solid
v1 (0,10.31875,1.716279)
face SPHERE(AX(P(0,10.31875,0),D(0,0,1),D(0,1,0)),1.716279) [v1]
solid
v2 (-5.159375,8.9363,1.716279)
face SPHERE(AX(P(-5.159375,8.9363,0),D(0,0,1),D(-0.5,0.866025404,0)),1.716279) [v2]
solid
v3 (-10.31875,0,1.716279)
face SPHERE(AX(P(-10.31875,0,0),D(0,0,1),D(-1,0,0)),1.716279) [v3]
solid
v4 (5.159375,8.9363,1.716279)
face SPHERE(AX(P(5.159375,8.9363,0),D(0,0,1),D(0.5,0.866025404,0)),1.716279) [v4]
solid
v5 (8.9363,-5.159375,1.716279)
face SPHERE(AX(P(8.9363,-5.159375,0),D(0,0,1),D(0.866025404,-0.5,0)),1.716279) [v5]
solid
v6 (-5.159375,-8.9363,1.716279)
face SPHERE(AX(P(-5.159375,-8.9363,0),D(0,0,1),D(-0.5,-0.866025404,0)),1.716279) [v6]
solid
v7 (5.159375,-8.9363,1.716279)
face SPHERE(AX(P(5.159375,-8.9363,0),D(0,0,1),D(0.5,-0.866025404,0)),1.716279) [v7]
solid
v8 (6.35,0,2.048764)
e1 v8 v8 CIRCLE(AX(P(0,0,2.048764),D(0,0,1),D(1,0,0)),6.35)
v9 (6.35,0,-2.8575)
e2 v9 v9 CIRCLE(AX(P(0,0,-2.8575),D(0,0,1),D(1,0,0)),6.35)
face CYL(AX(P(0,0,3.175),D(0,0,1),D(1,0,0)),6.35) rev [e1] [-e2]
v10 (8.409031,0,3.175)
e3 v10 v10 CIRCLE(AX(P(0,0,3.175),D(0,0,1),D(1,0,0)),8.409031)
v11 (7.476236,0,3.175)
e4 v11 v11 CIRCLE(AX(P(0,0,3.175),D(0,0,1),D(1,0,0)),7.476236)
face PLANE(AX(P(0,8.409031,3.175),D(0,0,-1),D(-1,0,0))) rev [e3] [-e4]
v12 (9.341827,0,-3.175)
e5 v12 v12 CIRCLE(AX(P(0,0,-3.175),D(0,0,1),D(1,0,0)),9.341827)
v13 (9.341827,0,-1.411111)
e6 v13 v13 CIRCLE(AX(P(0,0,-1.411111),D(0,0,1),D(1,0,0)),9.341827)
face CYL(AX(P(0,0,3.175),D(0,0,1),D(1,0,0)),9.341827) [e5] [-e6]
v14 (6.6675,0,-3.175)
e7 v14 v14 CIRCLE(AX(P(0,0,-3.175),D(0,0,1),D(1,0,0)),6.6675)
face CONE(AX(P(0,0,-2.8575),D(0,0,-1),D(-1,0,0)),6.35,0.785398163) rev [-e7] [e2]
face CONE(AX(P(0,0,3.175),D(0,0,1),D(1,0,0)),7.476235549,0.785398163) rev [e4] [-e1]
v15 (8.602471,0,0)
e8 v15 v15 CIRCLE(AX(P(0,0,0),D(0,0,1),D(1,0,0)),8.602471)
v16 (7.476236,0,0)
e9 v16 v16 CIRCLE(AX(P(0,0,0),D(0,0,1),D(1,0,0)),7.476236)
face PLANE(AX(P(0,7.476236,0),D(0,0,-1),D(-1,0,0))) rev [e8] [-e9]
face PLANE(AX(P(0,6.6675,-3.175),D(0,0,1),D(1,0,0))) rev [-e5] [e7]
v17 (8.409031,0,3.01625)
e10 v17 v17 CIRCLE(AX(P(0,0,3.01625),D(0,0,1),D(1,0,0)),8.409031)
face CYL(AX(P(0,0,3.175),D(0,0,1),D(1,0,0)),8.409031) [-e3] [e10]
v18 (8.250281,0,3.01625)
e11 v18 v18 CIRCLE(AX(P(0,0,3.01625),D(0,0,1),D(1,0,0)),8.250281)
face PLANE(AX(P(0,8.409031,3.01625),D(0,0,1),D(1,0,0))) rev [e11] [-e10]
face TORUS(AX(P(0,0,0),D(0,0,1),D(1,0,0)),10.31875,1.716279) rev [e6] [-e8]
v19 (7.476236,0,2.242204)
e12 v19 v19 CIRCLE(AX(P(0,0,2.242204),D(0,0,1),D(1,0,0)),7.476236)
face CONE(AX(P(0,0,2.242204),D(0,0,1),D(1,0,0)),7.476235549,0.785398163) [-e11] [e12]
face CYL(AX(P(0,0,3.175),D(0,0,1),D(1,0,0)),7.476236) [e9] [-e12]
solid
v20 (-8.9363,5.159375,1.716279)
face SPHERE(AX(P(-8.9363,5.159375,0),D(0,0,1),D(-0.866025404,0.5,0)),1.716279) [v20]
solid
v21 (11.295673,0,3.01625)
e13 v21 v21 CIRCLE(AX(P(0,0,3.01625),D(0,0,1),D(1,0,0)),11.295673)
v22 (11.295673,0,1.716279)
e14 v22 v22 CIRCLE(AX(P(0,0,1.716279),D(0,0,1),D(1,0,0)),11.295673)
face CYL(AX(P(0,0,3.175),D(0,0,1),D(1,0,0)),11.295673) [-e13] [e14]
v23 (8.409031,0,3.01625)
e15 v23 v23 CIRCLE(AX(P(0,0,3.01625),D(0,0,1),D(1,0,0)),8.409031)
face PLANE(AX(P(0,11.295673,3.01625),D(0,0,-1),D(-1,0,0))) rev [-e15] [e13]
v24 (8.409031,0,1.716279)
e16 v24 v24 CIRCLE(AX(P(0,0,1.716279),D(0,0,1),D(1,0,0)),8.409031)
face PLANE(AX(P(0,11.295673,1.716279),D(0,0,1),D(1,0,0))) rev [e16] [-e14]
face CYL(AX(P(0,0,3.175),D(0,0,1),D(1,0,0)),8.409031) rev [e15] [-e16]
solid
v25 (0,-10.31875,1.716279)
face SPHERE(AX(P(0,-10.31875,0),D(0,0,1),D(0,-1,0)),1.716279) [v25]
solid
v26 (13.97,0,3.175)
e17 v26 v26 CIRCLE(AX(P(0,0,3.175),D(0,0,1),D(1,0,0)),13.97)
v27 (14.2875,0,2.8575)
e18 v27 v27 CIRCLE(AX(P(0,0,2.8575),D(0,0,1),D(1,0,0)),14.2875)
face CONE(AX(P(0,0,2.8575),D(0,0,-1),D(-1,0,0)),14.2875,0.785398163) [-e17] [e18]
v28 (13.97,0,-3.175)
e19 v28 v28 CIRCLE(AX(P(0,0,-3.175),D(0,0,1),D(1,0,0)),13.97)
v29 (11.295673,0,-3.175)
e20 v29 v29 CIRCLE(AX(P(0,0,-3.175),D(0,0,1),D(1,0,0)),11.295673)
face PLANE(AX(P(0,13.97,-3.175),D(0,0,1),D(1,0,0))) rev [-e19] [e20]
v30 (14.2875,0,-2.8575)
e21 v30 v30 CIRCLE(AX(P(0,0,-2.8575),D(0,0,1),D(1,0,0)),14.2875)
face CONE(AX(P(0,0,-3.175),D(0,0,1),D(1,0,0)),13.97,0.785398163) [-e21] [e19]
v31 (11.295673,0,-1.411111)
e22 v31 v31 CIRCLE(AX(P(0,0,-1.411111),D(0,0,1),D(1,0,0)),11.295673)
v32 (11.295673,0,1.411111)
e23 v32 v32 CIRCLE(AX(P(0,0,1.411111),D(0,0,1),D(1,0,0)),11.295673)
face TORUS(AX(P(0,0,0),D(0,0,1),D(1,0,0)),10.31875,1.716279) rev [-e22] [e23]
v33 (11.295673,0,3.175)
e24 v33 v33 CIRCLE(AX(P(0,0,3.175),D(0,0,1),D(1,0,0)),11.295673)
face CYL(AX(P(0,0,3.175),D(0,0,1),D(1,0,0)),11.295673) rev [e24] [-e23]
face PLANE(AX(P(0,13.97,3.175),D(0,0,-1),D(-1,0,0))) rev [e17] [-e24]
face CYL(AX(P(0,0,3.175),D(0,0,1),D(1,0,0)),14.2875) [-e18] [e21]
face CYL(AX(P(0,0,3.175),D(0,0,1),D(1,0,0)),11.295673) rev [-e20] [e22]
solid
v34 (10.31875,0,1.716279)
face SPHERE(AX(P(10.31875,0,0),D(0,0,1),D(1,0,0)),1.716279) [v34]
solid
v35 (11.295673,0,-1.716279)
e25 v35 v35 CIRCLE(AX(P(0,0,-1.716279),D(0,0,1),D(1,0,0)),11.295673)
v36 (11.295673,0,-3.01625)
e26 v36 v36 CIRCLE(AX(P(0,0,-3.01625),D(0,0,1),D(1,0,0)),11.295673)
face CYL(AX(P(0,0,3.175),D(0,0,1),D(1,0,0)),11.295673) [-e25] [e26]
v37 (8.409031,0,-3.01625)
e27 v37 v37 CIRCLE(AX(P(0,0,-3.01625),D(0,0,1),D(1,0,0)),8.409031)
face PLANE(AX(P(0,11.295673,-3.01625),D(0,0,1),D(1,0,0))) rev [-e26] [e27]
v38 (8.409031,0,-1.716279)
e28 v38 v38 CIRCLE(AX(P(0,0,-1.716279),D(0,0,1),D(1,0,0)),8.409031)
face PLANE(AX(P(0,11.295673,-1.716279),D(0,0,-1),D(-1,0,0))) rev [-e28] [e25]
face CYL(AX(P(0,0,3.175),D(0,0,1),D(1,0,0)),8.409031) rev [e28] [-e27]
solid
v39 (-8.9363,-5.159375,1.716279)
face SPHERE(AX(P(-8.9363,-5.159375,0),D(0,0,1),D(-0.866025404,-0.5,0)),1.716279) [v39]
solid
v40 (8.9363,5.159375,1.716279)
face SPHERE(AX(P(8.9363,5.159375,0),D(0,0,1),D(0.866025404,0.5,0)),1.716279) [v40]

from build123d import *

# Parameters (mm, degrees)
CIRPATTERN1_COUNT = 12
SKETCH5_W         = 1.299971099
SKETCH5_H         = 2.886641841


with BuildPart() as part:
    # Sketch1 → Revolve1 (revolve)
    with BuildSketch(Plane(origin=(0, 0, 0), x_dir=(0, 0, -1), z_dir=(1, 0, 0))):
        with BuildLine():
            Line((2.8575, 14.2875), (-2.8575, 14.2875))
            Line((-2.8575, 14.2875), (-3.175, 13.97))
            Line((-3.175, 13.97), (-3.175, 11.295673077))
            Line((-3.175, 11.295673077), (-1.411111111, 11.295673077))
            ThreePointArc((-1.411111111, 11.295673077), (0, 12.035028901), (1.411111111, 11.295673077))
            Line((1.411111111, 11.295673077), (3.175, 11.295673077))
            Line((3.175, 11.295673077), (3.175, 13.97))
            Line((3.175, 13.97), (2.8575, 14.2875))
        make_face()
    revolve(axis=Axis((0, 0, 3.175), (0, 0, -1)))


with BuildPart() as body_2:
    # Sketch3 → Revolve3 (revolve)
    with BuildSketch(Plane(origin=(0, 0, 0), x_dir=(0, 0, -1), z_dir=(1, 0, 0))):
        with BuildLine():
            Line((-3.01625, 8.250281236), (-2.242204313, 7.476235549))
            Line((-2.242204313, 7.476235549), (0, 7.476235549))
            Line((0, 7.476235549), (0, 8.602471099))
            ThreePointArc((0, 8.602471099), (0.796536503, 8.798505656), (1.411111111, 9.341826923))
            Line((1.411111111, 9.341826923), (3.175, 9.341826923))
            Line((3.175, 9.341826923), (3.175, 6.6675))
            Line((3.175, 6.6675), (2.8575, 6.35))
            Line((2.8575, 6.35), (-2.048764451, 6.35))
            Line((-2.048764451, 6.35), (-3.175, 7.476235549))
            Line((-3.175, 7.476235549), (-3.175, 8.409031236))
            Line((-3.175, 8.409031236), (-3.01625, 8.409031236))
            Line((-3.01625, 8.409031236), (-3.01625, 8.250281236))
        make_face()
    revolve(axis=Axis((0, 0, 3.175), (0, 0, -1)))


with BuildPart() as body_3:
    # Sketch4 → Revolve4 (revolve)
    with BuildSketch(Plane(origin=(0, 0, 0), x_dir=(0, 0, -1), z_dir=(1, 0, 0))):
        with BuildLine():
            Line((-1.716278901, 10.31875), (1.716278901, 10.31875))
            ThreePointArc((1.716278901, 10.31875), (0, 12.035028901), (-1.716278901, 10.31875))
        make_face()
    revolve(axis=Axis((0, 10.31875, 1.716278901), (0, 0, -1)))


with BuildPart() as cirpattern1_1:
    # CirPattern1: pattern copy
    add(body_3.part.rotate(Axis((0, 0, -3.175), (0, 0, 1)), 1 * 360 / CIRPATTERN1_COUNT))


with BuildPart() as cirpattern1_2:
    # CirPattern1: pattern copy
    add(body_3.part.rotate(Axis((0, 0, -3.175), (0, 0, 1)), 2 * 360 / CIRPATTERN1_COUNT))


with BuildPart() as cirpattern1_3:
    # CirPattern1: pattern copy
    add(body_3.part.rotate(Axis((0, 0, -3.175), (0, 0, 1)), 3 * 360 / CIRPATTERN1_COUNT))


with BuildPart() as cirpattern1_4:
    # CirPattern1: pattern copy
    add(body_3.part.rotate(Axis((0, 0, -3.175), (0, 0, 1)), 4 * 360 / CIRPATTERN1_COUNT))


with BuildPart() as cirpattern1_5:
    # CirPattern1: pattern copy
    add(body_3.part.rotate(Axis((0, 0, -3.175), (0, 0, 1)), 5 * 360 / CIRPATTERN1_COUNT))


with BuildPart() as cirpattern1_6:
    # CirPattern1: pattern copy
    add(body_3.part.rotate(Axis((0, 0, -3.175), (0, 0, 1)), 6 * 360 / CIRPATTERN1_COUNT))


with BuildPart() as cirpattern1_7:
    # CirPattern1: pattern copy
    add(body_3.part.rotate(Axis((0, 0, -3.175), (0, 0, 1)), 7 * 360 / CIRPATTERN1_COUNT))


with BuildPart() as cirpattern1_8:
    # CirPattern1: pattern copy
    add(body_3.part.rotate(Axis((0, 0, -3.175), (0, 0, 1)), 8 * 360 / CIRPATTERN1_COUNT))


with BuildPart() as cirpattern1_9:
    # CirPattern1: pattern copy
    add(body_3.part.rotate(Axis((0, 0, -3.175), (0, 0, 1)), 9 * 360 / CIRPATTERN1_COUNT))


with BuildPart() as cirpattern1_10:
    # CirPattern1: pattern copy
    add(body_3.part.rotate(Axis((0, 0, -3.175), (0, 0, 1)), 10 * 360 / CIRPATTERN1_COUNT))


with BuildPart() as cirpattern1_11:
    # CirPattern1: pattern copy
    add(body_3.part.rotate(Axis((0, 0, -3.175), (0, 0, 1)), 11 * 360 / CIRPATTERN1_COUNT))


with BuildPart() as body_15:
    # Sketch5 → Revolve5 (revolve)
    with BuildSketch(Plane(origin=(0, 0, 0), x_dir=(0, 0, -1), z_dir=(1, 0, 0))):
        with Locations((-2.366264451, 9.852352157)):
            Rectangle(SKETCH5_W, SKETCH5_H)
        with Locations((2.366264451, 9.852352157)):
            Rectangle(SKETCH5_W, SKETCH5_H)
    revolve(axis=Axis((0, 0, 3.175), (0, 0, -1)))


solid = Compound([part.part, body_2.part, body_3.part, cirpattern1_1.part, cirpattern1_2.part, cirpattern1_3.part, cirpattern1_4.part, cirpattern1_5.part, cirpattern1_6.part, cirpattern1_7.part, cirpattern1_8.part, cirpattern1_9.part, cirpattern1_10.part, cirpattern1_11.part, body_15.part])
